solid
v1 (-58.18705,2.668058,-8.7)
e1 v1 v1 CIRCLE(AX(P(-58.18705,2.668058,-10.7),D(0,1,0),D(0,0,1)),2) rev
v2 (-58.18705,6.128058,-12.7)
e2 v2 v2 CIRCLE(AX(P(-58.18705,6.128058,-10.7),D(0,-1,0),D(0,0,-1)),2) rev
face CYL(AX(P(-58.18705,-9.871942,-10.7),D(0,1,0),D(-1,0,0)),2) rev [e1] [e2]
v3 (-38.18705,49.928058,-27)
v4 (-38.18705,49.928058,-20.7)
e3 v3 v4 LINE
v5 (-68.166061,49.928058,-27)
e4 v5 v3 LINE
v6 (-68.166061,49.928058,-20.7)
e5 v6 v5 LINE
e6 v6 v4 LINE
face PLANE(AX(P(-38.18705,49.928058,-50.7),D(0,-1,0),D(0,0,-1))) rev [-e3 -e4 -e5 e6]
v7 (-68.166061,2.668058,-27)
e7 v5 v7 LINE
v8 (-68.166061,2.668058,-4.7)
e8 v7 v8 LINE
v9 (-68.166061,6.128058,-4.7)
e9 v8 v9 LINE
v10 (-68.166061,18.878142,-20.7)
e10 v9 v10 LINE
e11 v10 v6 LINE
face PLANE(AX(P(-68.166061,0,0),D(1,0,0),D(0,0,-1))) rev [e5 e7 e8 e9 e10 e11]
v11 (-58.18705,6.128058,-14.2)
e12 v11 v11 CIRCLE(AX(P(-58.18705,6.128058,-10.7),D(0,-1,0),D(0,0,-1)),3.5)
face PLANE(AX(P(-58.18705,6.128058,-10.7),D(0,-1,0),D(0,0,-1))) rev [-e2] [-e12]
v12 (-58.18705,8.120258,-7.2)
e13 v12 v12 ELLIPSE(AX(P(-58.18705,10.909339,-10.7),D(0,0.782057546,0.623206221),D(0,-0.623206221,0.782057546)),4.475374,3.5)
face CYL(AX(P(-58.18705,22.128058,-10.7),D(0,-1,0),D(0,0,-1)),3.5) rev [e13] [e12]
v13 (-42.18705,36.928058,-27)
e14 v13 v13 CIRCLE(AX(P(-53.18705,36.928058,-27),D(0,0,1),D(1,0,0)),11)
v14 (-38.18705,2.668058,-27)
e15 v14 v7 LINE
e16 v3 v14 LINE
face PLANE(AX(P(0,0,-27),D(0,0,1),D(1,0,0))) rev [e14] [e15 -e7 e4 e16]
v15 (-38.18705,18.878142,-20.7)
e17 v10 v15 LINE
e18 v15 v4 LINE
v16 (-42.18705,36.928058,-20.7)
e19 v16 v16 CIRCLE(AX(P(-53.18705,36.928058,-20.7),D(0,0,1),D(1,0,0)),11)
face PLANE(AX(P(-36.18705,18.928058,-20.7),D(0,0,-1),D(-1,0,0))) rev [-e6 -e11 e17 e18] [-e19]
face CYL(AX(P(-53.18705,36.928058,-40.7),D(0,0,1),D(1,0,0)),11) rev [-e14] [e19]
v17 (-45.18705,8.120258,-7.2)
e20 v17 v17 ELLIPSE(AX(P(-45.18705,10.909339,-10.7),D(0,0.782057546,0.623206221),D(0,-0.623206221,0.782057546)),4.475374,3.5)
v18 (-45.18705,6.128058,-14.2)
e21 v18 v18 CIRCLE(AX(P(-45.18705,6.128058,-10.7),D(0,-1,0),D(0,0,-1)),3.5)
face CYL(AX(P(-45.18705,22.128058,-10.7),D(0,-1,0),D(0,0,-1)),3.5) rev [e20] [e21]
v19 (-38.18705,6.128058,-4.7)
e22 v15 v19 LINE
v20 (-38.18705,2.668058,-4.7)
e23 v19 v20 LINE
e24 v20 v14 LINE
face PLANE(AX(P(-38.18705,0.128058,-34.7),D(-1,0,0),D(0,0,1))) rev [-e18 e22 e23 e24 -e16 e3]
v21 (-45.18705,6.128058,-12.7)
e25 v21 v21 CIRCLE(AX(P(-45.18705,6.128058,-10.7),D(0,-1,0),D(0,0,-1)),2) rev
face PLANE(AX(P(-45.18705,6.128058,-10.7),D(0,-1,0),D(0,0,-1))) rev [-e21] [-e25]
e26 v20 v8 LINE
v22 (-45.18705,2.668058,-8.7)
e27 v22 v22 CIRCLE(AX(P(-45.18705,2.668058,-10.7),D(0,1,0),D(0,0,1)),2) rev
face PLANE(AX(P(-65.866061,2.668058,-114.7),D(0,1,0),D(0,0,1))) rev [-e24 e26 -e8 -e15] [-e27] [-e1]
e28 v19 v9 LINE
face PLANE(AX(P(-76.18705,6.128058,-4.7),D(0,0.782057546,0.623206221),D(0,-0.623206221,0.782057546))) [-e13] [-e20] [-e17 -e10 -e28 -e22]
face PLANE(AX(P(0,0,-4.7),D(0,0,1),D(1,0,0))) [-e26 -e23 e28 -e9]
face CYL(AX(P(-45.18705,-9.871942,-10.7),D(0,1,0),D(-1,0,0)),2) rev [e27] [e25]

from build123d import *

# Parameters (mm, degrees)
SKETCH1_W            = 93
SKETCH1_H            = 100
BOSS_EXTRUDE2_DEPTH  = 10
SKETCH4_W            = 10.01
SKETCH4_H            = 15
BOSS_EXTRUDE4_DEPTH  = 24
SKETCH5_R            = 2
CUT_EXTRUDE1_DEPTH   = 50
SKETCH7_R            = 11
CUT_EXTRUDE3_DEPTH   = 50
SKETCH14_W           = 61.5
SKETCH14_H           = 42
CUT_EXTRUDE8_DEPTH   = 4
SKETCH19_R           = 11
CUT_EXTRUDE11_DEPTH  = 15
SKETCH20_R           = 2
CUT_EXTRUDE12_DEPTH  = 10
SKETCH21_W           = 40
SKETCH21_H           = 6
BOSS_EXTRUDE5_DEPTH  = 27
SKETCH22_W           = 40
SKETCH22_H           = 6.3
BOSS_EXTRUDE7_DEPTH  = 40
SKETCH23_R           = 8
CUT_EXTRUDE13_DEPTH  = 40
SKETCH24_W           = 118.277817783
SKETCH24_H           = 41.8
CUT_EXTRUDE14_DEPTH  = 40
SKETCH25_W           = 31.5
SKETCH25_H           = 23.2
CUT_EXTRUDE15_DEPTH  = 20
CUT_EXTRUDE18_DEPTH  = 3
SKETCH27_R           = 4.1
SKETCH27_R_2         = 4
CUT_EXTRUDE29_DEPTH  = 3
SKETCH28_W           = 29.5
SKETCH28_H           = 58.2
CUT_EXTRUDE30_DEPTH  = 23
SKETCH29_W           = 32
SKETCH29_H           = 4
CUT_EXTRUDE31_DEPTH  = 23
SKETCH31_W           = 32
SKETCH31_H           = 6
BOSS_EXTRUDE9_DEPTH  = 6.6
SKETCH32_W           = 32
SKETCH32_H           = 6
BOSS_EXTRUDE10_DEPTH = 10
SKETCH33_R           = 2
CUT_EXTRUDE32_DEPTH  = 10
BOSS_EXTRUDE11_START = -32
BOSS_EXTRUDE11_DEPTH = 32
SKETCH35_R           = 3.5
CUT_EXTRUDE33_DEPTH  = 10
SKETCH36_W           = 40
SKETCH36_H           = 6.3
BOSS_EXTRUDE12_DEPTH = 18.8
SKETCH37_W           = 40
SKETCH37_H           = 6
BOSS_EXTRUDE13_DEPTH = 16
SKETCH38_R           = 2
CUT_EXTRUDE34_DEPTH  = 16
BOSS_EXTRUDE14_DEPTH = 40
SKETCH40_R           = 3.5
CUT_EXTRUDE35_DEPTH  = 16
SKETCH41_W           = 16
SKETCH41_H           = 64.8
CUT_EXTRUDE36_DEPTH  = 76
SKETCH42_W           = 20.7
SKETCH42_H           = 6
CUT_EXTRUDE37_DEPTH  = 76
SKETCH43_W           = 10.32098901
SKETCH43_H           = 73.075116481
CUT_EXTRUDE38_DEPTH  = 30
SKETCH44_W           = 2
SKETCH44_H           = 70.783229749
CUT_EXTRUDE39_DEPTH  = 30
SKETCH45_W           = 27.67901099
SKETCH45_H           = 15
CUT_EXTRUDE40_DEPTH  = 30
SKETCH46_W           = 27.67901099
SKETCH46_H           = 2.54
CUT_EXTRUDE41_DEPTH  = 110
SKETCH47_R           = 11
CUT_EXTRUDE42_DEPTH  = 20
BOSS_EXTRUDE16_DEPTH = 2.3


with BuildPart() as part:
    # Sketch1 → Boss-Extrude2 (new body)
    with BuildSketch(Plane.XY):
        with Locations((-29.68705036, 14.928057554)):
            Rectangle(SKETCH1_W, SKETCH1_H)
    extrude(amount=BOSS_EXTRUDE2_DEPTH)

    # Sketch4 → Boss-Extrude4 (add)
    with BuildSketch(Plane(origin=(16.81294964, 0, 0), x_dir=(0, 0, -1), z_dir=(1, 0, 0))):
        with Locations((-4.995, -12.571942446)):
            Rectangle(SKETCH4_W, SKETCH4_H)
    extrude(amount=BOSS_EXTRUDE4_DEPTH)

    # Sketch5 → Cut-Extrude1 (cut)
    with BuildSketch(Plane(origin=(0, -5.071942446, 0), x_dir=(1, 0, 0), z_dir=(0, 1, 0))):
        with Locations(Location((26.81294964, -5, 0), (0, 0, 180))):
            Circle(SKETCH5_R)
    extrude(amount=-CUT_EXTRUDE1_DEPTH, mode=Mode.SUBTRACT)

    # Sketch7 → Cut-Extrude3 (cut)
    with BuildSketch(Plane(origin=(0, 0, 0), x_dir=(-1, 0, 0), z_dir=(0, 0, -1))):
        with Locations((24.18705036, 36.928057554)):
            Circle(SKETCH7_R)
    extrude(amount=-CUT_EXTRUDE3_DEPTH, mode=Mode.SUBTRACT)

    # Sketch14 → Cut-Extrude8 (cut)
    with BuildSketch(Plane.XY.offset(10)):
        with Locations((-13.93705036, 36.789132279)):
            Rectangle(SKETCH14_W, SKETCH14_H)
    extrude(amount=-CUT_EXTRUDE8_DEPTH, mode=Mode.SUBTRACT)

    # Sketch19 → Cut-Extrude11 (cut)
    with BuildSketch(Plane(origin=(0, 0, 0), x_dir=(-1, 0, 0), z_dir=(0, 0, -1))):
        with Locations((53.18705036, 36.928057554)):
            Circle(SKETCH19_R)
    extrude(amount=-CUT_EXTRUDE11_DEPTH, mode=Mode.SUBTRACT)

    # Sketch20 → Cut-Extrude12 (cut)
    with BuildSketch(Plane.XY.offset(6)):
        with Locations((-34.68705036, 50.928057554)):
            Circle(SKETCH20_R)
        with Locations((5.31294964, 50.928057554)):
            Circle(SKETCH20_R)
        with Locations((-34.68705036, 22.928057554)):
            Circle(SKETCH20_R)
        with Locations((5.31294964, 22.928057554)):
            Circle(SKETCH20_R)
    extrude(amount=-CUT_EXTRUDE12_DEPTH, mode=Mode.SUBTRACT)

    # Sketch21 → Boss-Extrude5 (add)
    with BuildSketch(Plane(origin=(0, 0, 0), x_dir=(-1, 0, 0), z_dir=(0, 0, -1))):
        with Locations((56.18705036, 61.928057554)):
            Rectangle(SKETCH21_W, SKETCH21_H)
    extrude(amount=BOSS_EXTRUDE5_DEPTH)

    # Sketch22 → Boss-Extrude7 (add)
    with BuildSketch(Plane.XZ.offset(-58.928057554)):
        with Locations((-56.18705036, -23.85)):
            Rectangle(SKETCH22_W, SKETCH22_H)
    extrude(amount=BOSS_EXTRUDE7_DEPTH)

    # Sketch23 → Cut-Extrude13 (cut)
    with BuildSketch(Plane.XY.offset(10)):
        with Locations((-53.18705036, 36.928057554)):
            Circle(SKETCH23_R)
    extrude(amount=-CUT_EXTRUDE13_DEPTH, mode=Mode.SUBTRACT)

    # Sketch24 → Cut-Extrude14 (cut)
    with BuildSketch(Plane.XY.offset(10)):
        with Locations((-17.048141468, -14.171942446)):
            Rectangle(SKETCH24_W, SKETCH24_H)
    extrude(amount=-CUT_EXTRUDE14_DEPTH, mode=Mode.SUBTRACT)

    # Sketch25 → Cut-Extrude15 (cut)
    with BuildSketch(Plane.XY.offset(10)):
        with Locations((-60.43705036, 18.328057554)):
            Rectangle(SKETCH25_W, SKETCH25_H)
    extrude(amount=-CUT_EXTRUDE15_DEPTH, mode=Mode.SUBTRACT)

    # Sketch26 → Cut-Extrude18 (cut)
    with BuildSketch(Plane.XY.offset(6)):
        with BuildLine():
            Line((14.30212304, 57.789132279), (6.863398886, 57.789132279))
            Line((6.863398886, 57.789132279), (6.863398886, 54.615347499))
            ThreePointArc((6.863398886, 54.615347499), (8.24773413, 53.645968516), (9.108195728, 52.191428892))
            Line((9.108195728, 52.191428892), (14.30212304, 52.191428892))
            Line((14.30212304, 52.191428892), (14.30212304, 57.789132279))
        make_face()
        with BuildLine():
            Line((6.863398886, 19.240767609), (6.863398886, 15.789132279))
            Line((6.863398886, 15.789132279), (14.30212304, 15.789132279))
            Line((14.30212304, 15.789132279), (14.30212304, 20.928057554))
            Line((14.30212304, 20.928057554), (8.777051255, 20.928057554))
            ThreePointArc((8.777051255, 20.928057554), (7.95835451, 19.927752057), (6.863398886, 19.240767609))
        make_face()
        with BuildLine():
            Line((-36.237499605, 57.789132279), (-44.68705036, 57.789132279))
            Line((-44.68705036, 57.789132279), (-44.68705036, 52.191428892))
            Line((-44.68705036, 52.191428892), (-38.482296447, 52.191428892))
            ThreePointArc((-38.482296447, 52.191428892), (-37.621834849, 53.645968516), (-36.237499605, 54.615347499))
            Line((-36.237499605, 54.615347499), (-36.237499605, 57.789132279))
        make_face()
        with BuildLine():
            Line((-44.68705036, 21.664686216), (-44.68705036, 15.789132279))
            Line((-44.68705036, 15.789132279), (-36.237499605, 15.789132279))
            Line((-36.237499605, 15.789132279), (-36.237499605, 19.240767609))
            ThreePointArc((-36.237499605, 19.240767609), (-37.621834849, 20.210146592), (-38.482296447, 21.664686216))
            Line((-38.482296447, 21.664686216), (-44.68705036, 21.664686216))
        make_face()
    extrude(amount=-CUT_EXTRUDE18_DEPTH, mode=Mode.SUBTRACT)

    # Sketch27 → Cut-Extrude29 (cut)
    with BuildSketch(Plane.XY.offset(6)):
        with Locations((5.31294964, 50.928057554)):
            Circle(SKETCH27_R)
        with Locations((5.31294964, 22.928057554)):
            Circle(SKETCH27_R_2)
        with Locations((-34.68705036, 50.928057554)):
            Circle(SKETCH27_R)
        with Locations((-34.68705036, 22.928057554)):
            Circle(SKETCH27_R)
    extrude(amount=-CUT_EXTRUDE29_DEPTH, mode=Mode.SUBTRACT)

    # Sketch28 → Cut-Extrude30 (cut)
    with BuildSketch(Plane(origin=(0, 0, 0), x_dir=(-1, 0, 0), z_dir=(0, 0, -1))):
        with Locations((-2.06294964, 35.828057554)):
            Rectangle(SKETCH28_W, SKETCH28_H)
    extrude(amount=-CUT_EXTRUDE30_DEPTH, mode=Mode.SUBTRACT)

    # Sketch29 → Cut-Extrude31 (cut)
    with BuildSketch(Plane(origin=(0, 15.789132279, 0), x_dir=(1, 0, 0), z_dir=(0, 1, 0))):
        with Locations((-28.68705036, -8)):
            Rectangle(SKETCH29_W, SKETCH29_H)
    extrude(amount=-CUT_EXTRUDE31_DEPTH, mode=Mode.SUBTRACT)

    # Sketch31 → Boss-Extrude9 (add)
    with BuildSketch(Plane.XZ.offset(-6.728057554)):
        with Locations((-28.68705036, 3)):
            Rectangle(SKETCH31_W, SKETCH31_H)
    extrude(amount=BOSS_EXTRUDE9_DEPTH)

    # Sketch32 → Boss-Extrude10 (add)
    with BuildSketch(Plane.XY.offset(6)):
        with Locations((-28.68705036, 3.128057554)):
            Rectangle(SKETCH32_W, SKETCH32_H)
    extrude(amount=BOSS_EXTRUDE10_DEPTH)

    # Sketch33 → Cut-Extrude32 (cut)
    with BuildSketch(Plane(origin=(0, 6.128057554, 0), x_dir=(1, 0, 0), z_dir=(0, 1, 0))):
        with Locations(Location((-37.68705036, -11, 0), (0, 0, 270))):
            Circle(SKETCH33_R)
        with Locations(Location((-19.68705036, -11, 0), (0, 0, 270))):
            Circle(SKETCH33_R)
    extrude(amount=-CUT_EXTRUDE32_DEPTH, mode=Mode.SUBTRACT)

    # Sketch34 → Boss-Extrude11 (add)
    with BuildSketch(Plane(origin=(-12.68705036, 0, 0), x_dir=(0, 0, -1), z_dir=(1, 0, 0)).offset(BOSS_EXTRUDE11_START)):
        Polygon((-16, 6.128057554), (-6, 6.128057554), (-6, 14.058360342), align=None)
    extrude(amount=BOSS_EXTRUDE11_DEPTH)

    # Sketch35 → Cut-Extrude33 (cut)
    with BuildSketch(Plane.XZ.offset(-6.128057554)):
        with Locations((-19.68705036, 11)):
            Circle(SKETCH35_R)
        with Locations((-37.68705036, 11)):
            Circle(SKETCH35_R)
    extrude(amount=-CUT_EXTRUDE33_DEPTH, mode=Mode.SUBTRACT)

    # Sketch36 → Boss-Extrude12 (add)
    with BuildSketch(Plane.XZ.offset(-18.928057554)):
        with Locations((-56.18705036, -23.85)):
            Rectangle(SKETCH36_W, SKETCH36_H)
    extrude(amount=BOSS_EXTRUDE12_DEPTH)

    # Sketch37 → Boss-Extrude13 (add)
    with BuildSketch(Plane.XY.offset(-20.7)):
        with Locations((-56.18705036, 3.128057554)):
            Rectangle(SKETCH37_W, SKETCH37_H)
    extrude(amount=BOSS_EXTRUDE13_DEPTH)

    # Sketch38 → Cut-Extrude34 (cut)
    with BuildSketch(Plane(origin=(0, 6.128057554, 0), x_dir=(1, 0, 0), z_dir=(0, 1, 0))):
        with Locations(Location((-58.18705036, 10.7, 0), (0, 0, 180))):
            Circle(SKETCH38_R)
        with Locations(Location((-45.18705036, 10.7, 0), (0, 0, 180))):
            Circle(SKETCH38_R)
    extrude(amount=-CUT_EXTRUDE34_DEPTH, mode=Mode.SUBTRACT)

    # Sketch39 → Boss-Extrude14 (add)
    with BuildSketch(Plane(origin=(-36.18705036, 0, 0), x_dir=(0, 0, -1), z_dir=(1, 0, 0))):
        Polygon((4.7, 6.128057554), (20.7, 18.878141719), (20.7, 6.128057554), align=None)
    extrude(amount=-BOSS_EXTRUDE14_DEPTH)

    # Sketch40 → Cut-Extrude35 (cut)
    with BuildSketch(Plane.XZ.offset(-6.128057554)):
        with Locations(Location((-45.18705036, -10.7, 0), (0, 0, 270))):
            Circle(SKETCH40_R)
        with Locations(Location((-58.18705036, -10.7, 0), (0, 0, 270))):
            Circle(SKETCH40_R)
    extrude(amount=-CUT_EXTRUDE35_DEPTH, mode=Mode.SUBTRACT)

    # Sketch41 → Cut-Extrude36 (cut)
    with BuildSketch(Plane(origin=(-12.68705036, 0, 0), x_dir=(0, 0, -1), z_dir=(1, 0, 0))):
        with Locations((-8, 32.528057554)):
            Rectangle(SKETCH41_W, SKETCH41_H)
    extrude(amount=-CUT_EXTRUDE36_DEPTH, mode=Mode.SUBTRACT)

    # Sketch42 → Cut-Extrude37 (cut)
    with BuildSketch(Plane(origin=(-36.18705036, 0, 0), x_dir=(0, 0, -1), z_dir=(1, 0, 0))):
        with Locations((10.35, 61.928057554)):
            Rectangle(SKETCH42_W, SKETCH42_H)
    extrude(amount=-CUT_EXTRUDE37_DEPTH, mode=Mode.SUBTRACT)

    # Sketch43 → Cut-Extrude38 (cut)
    with BuildSketch(Plane.XY.offset(-4.7)):
        with Locations((-71.026555855, 36.665615794)):
            Rectangle(SKETCH43_W, SKETCH43_H)
    extrude(amount=-CUT_EXTRUDE38_DEPTH, mode=Mode.SUBTRACT)

    # Sketch44 → Cut-Extrude39 (cut)
    with BuildSketch(Plane.XY.offset(-4.7)):
        with Locations((-37.18705036, 35.519672429)):
            Rectangle(SKETCH44_W, SKETCH44_H)
    extrude(amount=-CUT_EXTRUDE39_DEPTH, mode=Mode.SUBTRACT)

    # Sketch45 → Cut-Extrude40 (cut)
    with BuildSketch(Plane.XY.offset(-20.7)):
        with Locations((-52.026555855, 57.428057554)):
            Rectangle(SKETCH45_W, SKETCH45_H)
    extrude(amount=-CUT_EXTRUDE40_DEPTH, mode=Mode.SUBTRACT)

    # Sketch46 → Cut-Extrude41 (cut)
    with BuildSketch(Plane.XY.offset(-4.7)):
        with Locations((-52.026555855, 1.398057554)):
            Rectangle(SKETCH46_W, SKETCH46_H)
    extrude(amount=-CUT_EXTRUDE41_DEPTH, mode=Mode.SUBTRACT)

    # Sketch47 → Cut-Extrude42 (cut)
    with BuildSketch(Plane.XY.offset(-20.7)):
        with Locations((-53.18705036, 36.928057554)):
            Circle(SKETCH47_R)
    extrude(amount=-CUT_EXTRUDE42_DEPTH, mode=Mode.SUBTRACT)

    # Sketch48 → Boss-Extrude16 (add)
    with BuildSketch(Plane.ZY.offset(65.86606135)):
        Polygon((-27, 49.928057554), (-20.7, 49.928057554), (-20.7, 18.878141719), (-4.7, 6.128057554), (-4.7, 2.668057554), (-27, 2.668057554), align=None)
    extrude(amount=BOSS_EXTRUDE16_DEPTH)


solid = part.part
